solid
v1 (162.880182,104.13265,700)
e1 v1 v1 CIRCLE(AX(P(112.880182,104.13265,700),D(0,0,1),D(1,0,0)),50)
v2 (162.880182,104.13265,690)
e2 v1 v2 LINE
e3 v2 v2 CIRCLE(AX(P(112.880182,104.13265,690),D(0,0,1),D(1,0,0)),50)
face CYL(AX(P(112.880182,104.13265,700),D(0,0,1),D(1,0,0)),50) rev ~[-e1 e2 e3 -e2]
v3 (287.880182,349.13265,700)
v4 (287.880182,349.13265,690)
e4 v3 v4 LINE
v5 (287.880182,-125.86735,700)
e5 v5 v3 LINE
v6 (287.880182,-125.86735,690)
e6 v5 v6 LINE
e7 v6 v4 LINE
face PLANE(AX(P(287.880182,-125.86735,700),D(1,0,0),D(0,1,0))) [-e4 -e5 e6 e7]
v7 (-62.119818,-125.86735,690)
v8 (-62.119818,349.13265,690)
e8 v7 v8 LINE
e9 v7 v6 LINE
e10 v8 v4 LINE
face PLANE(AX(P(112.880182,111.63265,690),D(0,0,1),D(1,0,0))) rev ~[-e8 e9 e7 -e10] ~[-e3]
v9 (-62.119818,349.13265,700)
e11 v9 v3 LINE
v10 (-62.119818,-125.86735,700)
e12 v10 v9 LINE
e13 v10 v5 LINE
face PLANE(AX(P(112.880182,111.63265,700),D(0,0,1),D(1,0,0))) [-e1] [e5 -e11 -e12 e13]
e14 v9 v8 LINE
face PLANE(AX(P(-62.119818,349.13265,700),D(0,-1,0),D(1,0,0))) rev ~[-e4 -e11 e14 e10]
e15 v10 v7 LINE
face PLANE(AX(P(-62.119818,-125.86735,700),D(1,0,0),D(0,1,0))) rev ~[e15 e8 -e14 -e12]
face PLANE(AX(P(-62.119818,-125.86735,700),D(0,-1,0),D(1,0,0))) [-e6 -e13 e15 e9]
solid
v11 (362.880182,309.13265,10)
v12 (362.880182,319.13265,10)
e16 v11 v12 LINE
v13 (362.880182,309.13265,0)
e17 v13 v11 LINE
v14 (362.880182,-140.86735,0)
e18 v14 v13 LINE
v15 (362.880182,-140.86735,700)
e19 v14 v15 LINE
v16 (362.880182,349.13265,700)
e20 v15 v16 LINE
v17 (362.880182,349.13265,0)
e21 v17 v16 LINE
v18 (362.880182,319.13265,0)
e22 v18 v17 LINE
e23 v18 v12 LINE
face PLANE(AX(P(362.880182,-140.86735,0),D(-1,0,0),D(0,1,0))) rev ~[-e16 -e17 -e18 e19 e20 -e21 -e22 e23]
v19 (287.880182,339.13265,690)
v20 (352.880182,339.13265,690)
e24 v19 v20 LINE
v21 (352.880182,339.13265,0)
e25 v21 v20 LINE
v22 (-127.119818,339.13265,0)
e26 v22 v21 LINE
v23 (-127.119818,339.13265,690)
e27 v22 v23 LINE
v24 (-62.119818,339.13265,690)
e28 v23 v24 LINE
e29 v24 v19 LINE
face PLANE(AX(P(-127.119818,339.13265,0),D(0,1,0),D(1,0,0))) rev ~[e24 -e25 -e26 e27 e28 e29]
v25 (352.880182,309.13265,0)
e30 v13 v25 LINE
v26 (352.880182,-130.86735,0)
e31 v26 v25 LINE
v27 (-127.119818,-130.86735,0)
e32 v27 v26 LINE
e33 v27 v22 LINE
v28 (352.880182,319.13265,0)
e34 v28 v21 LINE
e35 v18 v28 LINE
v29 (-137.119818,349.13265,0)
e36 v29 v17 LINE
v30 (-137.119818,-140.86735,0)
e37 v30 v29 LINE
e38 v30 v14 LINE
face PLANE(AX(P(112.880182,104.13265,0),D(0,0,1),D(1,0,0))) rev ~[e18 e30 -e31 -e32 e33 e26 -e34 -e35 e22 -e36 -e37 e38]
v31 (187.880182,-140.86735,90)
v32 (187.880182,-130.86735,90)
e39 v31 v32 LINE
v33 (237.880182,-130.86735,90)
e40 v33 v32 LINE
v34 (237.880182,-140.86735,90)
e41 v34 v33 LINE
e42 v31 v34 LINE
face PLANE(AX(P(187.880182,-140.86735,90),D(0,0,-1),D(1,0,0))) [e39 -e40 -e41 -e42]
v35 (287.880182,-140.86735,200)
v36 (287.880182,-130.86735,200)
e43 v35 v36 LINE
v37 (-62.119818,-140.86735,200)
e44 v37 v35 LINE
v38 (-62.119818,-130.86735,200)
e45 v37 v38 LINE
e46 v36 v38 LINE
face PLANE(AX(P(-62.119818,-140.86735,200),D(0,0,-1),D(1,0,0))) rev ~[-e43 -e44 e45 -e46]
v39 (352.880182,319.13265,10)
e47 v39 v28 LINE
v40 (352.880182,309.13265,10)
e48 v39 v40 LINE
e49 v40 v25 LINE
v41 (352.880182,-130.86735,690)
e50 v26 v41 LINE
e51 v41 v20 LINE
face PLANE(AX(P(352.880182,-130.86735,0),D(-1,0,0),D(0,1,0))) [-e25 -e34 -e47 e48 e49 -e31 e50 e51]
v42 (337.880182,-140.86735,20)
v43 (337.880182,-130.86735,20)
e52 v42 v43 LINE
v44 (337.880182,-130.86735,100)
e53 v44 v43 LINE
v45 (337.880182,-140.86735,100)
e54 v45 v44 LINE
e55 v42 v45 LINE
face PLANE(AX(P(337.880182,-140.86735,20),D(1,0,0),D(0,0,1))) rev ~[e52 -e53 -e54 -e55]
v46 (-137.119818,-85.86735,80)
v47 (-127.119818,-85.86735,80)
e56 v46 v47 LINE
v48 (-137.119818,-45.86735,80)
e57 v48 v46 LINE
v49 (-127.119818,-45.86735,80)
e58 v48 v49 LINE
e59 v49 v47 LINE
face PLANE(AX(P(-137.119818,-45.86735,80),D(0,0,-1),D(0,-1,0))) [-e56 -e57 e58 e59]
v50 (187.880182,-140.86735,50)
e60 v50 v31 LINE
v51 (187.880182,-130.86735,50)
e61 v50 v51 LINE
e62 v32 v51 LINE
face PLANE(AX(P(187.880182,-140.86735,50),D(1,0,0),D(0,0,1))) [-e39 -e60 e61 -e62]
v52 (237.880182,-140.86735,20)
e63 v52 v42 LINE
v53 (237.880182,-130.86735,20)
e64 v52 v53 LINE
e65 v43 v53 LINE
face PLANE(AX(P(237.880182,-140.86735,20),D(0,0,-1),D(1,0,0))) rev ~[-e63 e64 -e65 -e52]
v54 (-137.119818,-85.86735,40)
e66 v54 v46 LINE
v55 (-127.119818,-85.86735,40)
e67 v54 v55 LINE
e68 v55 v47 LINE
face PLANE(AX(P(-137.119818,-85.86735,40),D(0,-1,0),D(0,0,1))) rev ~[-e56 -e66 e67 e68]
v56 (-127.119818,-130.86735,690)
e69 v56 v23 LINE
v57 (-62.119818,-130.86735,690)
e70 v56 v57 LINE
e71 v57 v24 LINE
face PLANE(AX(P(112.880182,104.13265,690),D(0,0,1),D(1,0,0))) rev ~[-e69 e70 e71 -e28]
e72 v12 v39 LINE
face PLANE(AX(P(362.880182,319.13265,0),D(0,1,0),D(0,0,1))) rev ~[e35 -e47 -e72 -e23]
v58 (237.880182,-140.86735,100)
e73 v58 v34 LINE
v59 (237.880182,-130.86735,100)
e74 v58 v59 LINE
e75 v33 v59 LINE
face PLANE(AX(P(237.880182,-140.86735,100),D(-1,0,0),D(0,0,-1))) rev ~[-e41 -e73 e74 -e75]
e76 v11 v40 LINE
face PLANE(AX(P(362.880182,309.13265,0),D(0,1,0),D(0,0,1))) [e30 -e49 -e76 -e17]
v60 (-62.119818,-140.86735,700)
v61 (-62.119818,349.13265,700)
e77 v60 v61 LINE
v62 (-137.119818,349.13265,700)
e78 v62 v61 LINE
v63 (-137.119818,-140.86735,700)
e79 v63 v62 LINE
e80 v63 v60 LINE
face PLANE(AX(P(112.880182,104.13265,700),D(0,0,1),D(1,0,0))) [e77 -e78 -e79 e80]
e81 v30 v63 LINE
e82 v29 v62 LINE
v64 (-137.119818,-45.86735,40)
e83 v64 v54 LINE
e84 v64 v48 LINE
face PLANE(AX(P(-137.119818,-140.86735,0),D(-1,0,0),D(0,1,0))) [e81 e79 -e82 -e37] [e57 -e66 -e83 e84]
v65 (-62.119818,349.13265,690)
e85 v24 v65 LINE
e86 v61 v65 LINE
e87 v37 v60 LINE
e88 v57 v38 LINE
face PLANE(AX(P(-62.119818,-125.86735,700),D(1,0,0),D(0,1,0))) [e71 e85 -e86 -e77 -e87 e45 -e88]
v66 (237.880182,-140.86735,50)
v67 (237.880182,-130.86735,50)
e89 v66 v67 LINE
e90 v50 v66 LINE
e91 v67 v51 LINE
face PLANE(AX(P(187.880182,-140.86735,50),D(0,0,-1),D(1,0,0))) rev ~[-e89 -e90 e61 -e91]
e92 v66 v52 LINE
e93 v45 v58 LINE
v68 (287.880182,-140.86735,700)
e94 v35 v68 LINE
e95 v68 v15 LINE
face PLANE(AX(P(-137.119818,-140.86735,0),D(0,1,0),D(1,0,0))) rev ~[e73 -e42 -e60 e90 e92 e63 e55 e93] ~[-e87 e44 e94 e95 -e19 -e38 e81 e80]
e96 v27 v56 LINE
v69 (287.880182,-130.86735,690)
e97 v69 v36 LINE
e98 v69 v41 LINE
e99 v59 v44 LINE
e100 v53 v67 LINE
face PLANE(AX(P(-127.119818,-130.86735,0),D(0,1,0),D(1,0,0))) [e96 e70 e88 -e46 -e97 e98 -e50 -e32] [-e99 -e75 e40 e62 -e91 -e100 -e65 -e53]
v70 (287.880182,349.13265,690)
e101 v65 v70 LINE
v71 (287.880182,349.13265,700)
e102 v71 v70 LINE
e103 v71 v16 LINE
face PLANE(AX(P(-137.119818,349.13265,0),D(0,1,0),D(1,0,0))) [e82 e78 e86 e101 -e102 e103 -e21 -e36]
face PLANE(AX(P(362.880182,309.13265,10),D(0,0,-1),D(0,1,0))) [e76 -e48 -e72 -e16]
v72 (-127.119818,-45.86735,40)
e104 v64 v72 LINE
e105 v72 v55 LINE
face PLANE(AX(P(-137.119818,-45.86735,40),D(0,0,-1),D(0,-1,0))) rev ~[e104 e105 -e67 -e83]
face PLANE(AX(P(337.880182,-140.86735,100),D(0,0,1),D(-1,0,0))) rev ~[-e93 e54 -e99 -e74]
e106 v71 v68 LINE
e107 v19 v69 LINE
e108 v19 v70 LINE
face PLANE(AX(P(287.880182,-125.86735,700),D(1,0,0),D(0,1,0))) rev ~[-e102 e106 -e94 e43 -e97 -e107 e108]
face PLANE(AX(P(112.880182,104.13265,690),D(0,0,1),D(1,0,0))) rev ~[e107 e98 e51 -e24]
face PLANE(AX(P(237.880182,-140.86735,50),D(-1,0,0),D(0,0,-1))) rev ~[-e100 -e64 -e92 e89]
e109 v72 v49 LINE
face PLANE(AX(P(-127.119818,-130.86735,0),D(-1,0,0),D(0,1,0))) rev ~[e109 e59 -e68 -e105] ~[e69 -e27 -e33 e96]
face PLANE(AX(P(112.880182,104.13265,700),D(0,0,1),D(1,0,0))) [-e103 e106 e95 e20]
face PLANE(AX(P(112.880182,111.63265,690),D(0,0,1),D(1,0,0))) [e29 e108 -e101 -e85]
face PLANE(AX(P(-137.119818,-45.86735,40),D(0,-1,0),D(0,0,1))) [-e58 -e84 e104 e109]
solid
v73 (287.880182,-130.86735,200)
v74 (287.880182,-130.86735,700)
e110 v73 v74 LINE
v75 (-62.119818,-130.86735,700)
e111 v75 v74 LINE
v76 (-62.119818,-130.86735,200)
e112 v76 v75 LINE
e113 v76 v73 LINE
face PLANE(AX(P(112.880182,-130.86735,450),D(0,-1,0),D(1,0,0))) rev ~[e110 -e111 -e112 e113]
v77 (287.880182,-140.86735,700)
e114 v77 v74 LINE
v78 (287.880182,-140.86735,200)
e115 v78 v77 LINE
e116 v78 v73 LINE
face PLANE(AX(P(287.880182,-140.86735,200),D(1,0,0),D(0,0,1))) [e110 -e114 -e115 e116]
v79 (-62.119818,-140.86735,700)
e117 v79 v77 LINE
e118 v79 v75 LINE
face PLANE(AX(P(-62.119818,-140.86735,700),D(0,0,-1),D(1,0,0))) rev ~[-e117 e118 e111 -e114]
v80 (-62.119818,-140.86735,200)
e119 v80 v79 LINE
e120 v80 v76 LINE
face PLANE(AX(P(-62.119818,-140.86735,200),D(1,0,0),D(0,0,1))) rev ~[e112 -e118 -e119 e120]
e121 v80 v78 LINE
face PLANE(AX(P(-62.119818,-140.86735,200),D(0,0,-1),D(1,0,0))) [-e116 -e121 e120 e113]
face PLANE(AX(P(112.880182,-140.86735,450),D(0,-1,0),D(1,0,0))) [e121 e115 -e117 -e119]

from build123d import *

# Parameters (mm, degrees)
F0_W      = 500
F0_H      = 490
F0_W_2    = 480
F0_H_2    = 470
F1_DEPTH  = 700
F2_W      = 480
F2_H      = 470
F3_DEPTH  = 10
F4_W      = 50
F4_H      = 40
F5_DEPTH  = 25
F6_W      = 40
F6_H      = 40
F7_DEPTH  = 25
F8_W      = 10
F8_H      = 10
F9_DEPTH  = 25
F10_W     = 350
F10_H     = 500
F11_DEPTH = 15
F12_DEPTH = 10
F13_W     = 350
F13_H     = 475
F14_DEPTH = 10
F15_DEPTH = 10
F16_R     = 50
F17_DEPTH = 10


with BuildPart() as f1:
    # F0 (on Top) → F1 (new body)
    with BuildSketch(Plane.XY):
        with Locations((112.8801819126, 104.1326503491)):
            Rectangle(F0_W, F0_H)
        with Locations((112.8801819126, 104.1326503491)):
            Rectangle(F0_W_2, F0_H_2, mode=Mode.SUBTRACT)
    extrude(amount=F1_DEPTH)

    # F2 (on face) → F3 (join)
    with BuildSketch(Plane.XY.offset(700)):
        with Locations((112.8801819126, 104.1326503491)):
            Rectangle(F2_W, F2_H)
    extrude(amount=-F3_DEPTH)

    # F4 (on face) → F5 (cut)
    with BuildSketch(Plane.XZ.offset(140.8673496509)):
        Polygon((237.8801819126, 20), (337.8801819126, 20), (337.8801819126, 100), (237.8801819126, 100), (237.8801819126, 90), (237.8801819126, 50), align=None)
        with Locations((212.8801819126, 70)):
            Rectangle(F4_W, F4_H)
    extrude(amount=-F5_DEPTH, mode=Mode.SUBTRACT)

    # F6 (on face) → F7 (cut)
    with BuildSketch(Plane(origin=(-137.1198180874, 0, 0), x_dir=(0, -1, 0), z_dir=(-1, 0, 0))):
        with Locations((65.8673496509, 60)):
            Rectangle(F6_W, F6_H)
    extrude(amount=-F7_DEPTH, mode=Mode.SUBTRACT)

    # F8 (on face) → F9 (cut)
    with BuildSketch(Plane.YZ.offset(362.8801819126)):
        with Locations((314.1326503491, 5)):
            Rectangle(F8_W, F8_H)
    extrude(amount=-F9_DEPTH, mode=Mode.SUBTRACT)

    # F10 (on face) → F11 (cut)
    with BuildSketch(Plane.XZ.offset(140.8673496509)):
        with Locations((112.8801819126, 450)):
            Rectangle(F10_W, F10_H)
    extrude(amount=-F11_DEPTH, mode=Mode.SUBTRACT)

    # F13 (on face) → F14 (cut)
    with BuildSketch(Plane.XY.offset(700)):
        with Locations((112.8801819126, 111.6326503491)):
            Rectangle(F13_W, F13_H)
    extrude(amount=-F14_DEPTH, mode=Mode.SUBTRACT)


with BuildPart() as f12:
    # F10 (on face) → F12 (new body)
    with BuildSketch(Plane.XZ.offset(140.8673496509)):
        with Locations((112.8801819126, 450)):
            Rectangle(F10_W, F10_H)
    extrude(amount=-F12_DEPTH)


with BuildPart() as f15:
    # F13 (on face) → F15 (new body)
    with BuildSketch(Plane.XY.offset(700)):
        with Locations((112.8801819126, 111.6326503491)):
            Rectangle(F13_W, F13_H)
    extrude(amount=-F15_DEPTH)

    # F16 (on face) → F17 (cut)
    with BuildSketch(Plane.XY.offset(700)):
        with Locations((112.8801819126, 104.1326503491)):
            Circle(F16_R)
    extrude(amount=-F17_DEPTH, mode=Mode.SUBTRACT)


solid = Compound([f1.part, f12.part, f15.part])
